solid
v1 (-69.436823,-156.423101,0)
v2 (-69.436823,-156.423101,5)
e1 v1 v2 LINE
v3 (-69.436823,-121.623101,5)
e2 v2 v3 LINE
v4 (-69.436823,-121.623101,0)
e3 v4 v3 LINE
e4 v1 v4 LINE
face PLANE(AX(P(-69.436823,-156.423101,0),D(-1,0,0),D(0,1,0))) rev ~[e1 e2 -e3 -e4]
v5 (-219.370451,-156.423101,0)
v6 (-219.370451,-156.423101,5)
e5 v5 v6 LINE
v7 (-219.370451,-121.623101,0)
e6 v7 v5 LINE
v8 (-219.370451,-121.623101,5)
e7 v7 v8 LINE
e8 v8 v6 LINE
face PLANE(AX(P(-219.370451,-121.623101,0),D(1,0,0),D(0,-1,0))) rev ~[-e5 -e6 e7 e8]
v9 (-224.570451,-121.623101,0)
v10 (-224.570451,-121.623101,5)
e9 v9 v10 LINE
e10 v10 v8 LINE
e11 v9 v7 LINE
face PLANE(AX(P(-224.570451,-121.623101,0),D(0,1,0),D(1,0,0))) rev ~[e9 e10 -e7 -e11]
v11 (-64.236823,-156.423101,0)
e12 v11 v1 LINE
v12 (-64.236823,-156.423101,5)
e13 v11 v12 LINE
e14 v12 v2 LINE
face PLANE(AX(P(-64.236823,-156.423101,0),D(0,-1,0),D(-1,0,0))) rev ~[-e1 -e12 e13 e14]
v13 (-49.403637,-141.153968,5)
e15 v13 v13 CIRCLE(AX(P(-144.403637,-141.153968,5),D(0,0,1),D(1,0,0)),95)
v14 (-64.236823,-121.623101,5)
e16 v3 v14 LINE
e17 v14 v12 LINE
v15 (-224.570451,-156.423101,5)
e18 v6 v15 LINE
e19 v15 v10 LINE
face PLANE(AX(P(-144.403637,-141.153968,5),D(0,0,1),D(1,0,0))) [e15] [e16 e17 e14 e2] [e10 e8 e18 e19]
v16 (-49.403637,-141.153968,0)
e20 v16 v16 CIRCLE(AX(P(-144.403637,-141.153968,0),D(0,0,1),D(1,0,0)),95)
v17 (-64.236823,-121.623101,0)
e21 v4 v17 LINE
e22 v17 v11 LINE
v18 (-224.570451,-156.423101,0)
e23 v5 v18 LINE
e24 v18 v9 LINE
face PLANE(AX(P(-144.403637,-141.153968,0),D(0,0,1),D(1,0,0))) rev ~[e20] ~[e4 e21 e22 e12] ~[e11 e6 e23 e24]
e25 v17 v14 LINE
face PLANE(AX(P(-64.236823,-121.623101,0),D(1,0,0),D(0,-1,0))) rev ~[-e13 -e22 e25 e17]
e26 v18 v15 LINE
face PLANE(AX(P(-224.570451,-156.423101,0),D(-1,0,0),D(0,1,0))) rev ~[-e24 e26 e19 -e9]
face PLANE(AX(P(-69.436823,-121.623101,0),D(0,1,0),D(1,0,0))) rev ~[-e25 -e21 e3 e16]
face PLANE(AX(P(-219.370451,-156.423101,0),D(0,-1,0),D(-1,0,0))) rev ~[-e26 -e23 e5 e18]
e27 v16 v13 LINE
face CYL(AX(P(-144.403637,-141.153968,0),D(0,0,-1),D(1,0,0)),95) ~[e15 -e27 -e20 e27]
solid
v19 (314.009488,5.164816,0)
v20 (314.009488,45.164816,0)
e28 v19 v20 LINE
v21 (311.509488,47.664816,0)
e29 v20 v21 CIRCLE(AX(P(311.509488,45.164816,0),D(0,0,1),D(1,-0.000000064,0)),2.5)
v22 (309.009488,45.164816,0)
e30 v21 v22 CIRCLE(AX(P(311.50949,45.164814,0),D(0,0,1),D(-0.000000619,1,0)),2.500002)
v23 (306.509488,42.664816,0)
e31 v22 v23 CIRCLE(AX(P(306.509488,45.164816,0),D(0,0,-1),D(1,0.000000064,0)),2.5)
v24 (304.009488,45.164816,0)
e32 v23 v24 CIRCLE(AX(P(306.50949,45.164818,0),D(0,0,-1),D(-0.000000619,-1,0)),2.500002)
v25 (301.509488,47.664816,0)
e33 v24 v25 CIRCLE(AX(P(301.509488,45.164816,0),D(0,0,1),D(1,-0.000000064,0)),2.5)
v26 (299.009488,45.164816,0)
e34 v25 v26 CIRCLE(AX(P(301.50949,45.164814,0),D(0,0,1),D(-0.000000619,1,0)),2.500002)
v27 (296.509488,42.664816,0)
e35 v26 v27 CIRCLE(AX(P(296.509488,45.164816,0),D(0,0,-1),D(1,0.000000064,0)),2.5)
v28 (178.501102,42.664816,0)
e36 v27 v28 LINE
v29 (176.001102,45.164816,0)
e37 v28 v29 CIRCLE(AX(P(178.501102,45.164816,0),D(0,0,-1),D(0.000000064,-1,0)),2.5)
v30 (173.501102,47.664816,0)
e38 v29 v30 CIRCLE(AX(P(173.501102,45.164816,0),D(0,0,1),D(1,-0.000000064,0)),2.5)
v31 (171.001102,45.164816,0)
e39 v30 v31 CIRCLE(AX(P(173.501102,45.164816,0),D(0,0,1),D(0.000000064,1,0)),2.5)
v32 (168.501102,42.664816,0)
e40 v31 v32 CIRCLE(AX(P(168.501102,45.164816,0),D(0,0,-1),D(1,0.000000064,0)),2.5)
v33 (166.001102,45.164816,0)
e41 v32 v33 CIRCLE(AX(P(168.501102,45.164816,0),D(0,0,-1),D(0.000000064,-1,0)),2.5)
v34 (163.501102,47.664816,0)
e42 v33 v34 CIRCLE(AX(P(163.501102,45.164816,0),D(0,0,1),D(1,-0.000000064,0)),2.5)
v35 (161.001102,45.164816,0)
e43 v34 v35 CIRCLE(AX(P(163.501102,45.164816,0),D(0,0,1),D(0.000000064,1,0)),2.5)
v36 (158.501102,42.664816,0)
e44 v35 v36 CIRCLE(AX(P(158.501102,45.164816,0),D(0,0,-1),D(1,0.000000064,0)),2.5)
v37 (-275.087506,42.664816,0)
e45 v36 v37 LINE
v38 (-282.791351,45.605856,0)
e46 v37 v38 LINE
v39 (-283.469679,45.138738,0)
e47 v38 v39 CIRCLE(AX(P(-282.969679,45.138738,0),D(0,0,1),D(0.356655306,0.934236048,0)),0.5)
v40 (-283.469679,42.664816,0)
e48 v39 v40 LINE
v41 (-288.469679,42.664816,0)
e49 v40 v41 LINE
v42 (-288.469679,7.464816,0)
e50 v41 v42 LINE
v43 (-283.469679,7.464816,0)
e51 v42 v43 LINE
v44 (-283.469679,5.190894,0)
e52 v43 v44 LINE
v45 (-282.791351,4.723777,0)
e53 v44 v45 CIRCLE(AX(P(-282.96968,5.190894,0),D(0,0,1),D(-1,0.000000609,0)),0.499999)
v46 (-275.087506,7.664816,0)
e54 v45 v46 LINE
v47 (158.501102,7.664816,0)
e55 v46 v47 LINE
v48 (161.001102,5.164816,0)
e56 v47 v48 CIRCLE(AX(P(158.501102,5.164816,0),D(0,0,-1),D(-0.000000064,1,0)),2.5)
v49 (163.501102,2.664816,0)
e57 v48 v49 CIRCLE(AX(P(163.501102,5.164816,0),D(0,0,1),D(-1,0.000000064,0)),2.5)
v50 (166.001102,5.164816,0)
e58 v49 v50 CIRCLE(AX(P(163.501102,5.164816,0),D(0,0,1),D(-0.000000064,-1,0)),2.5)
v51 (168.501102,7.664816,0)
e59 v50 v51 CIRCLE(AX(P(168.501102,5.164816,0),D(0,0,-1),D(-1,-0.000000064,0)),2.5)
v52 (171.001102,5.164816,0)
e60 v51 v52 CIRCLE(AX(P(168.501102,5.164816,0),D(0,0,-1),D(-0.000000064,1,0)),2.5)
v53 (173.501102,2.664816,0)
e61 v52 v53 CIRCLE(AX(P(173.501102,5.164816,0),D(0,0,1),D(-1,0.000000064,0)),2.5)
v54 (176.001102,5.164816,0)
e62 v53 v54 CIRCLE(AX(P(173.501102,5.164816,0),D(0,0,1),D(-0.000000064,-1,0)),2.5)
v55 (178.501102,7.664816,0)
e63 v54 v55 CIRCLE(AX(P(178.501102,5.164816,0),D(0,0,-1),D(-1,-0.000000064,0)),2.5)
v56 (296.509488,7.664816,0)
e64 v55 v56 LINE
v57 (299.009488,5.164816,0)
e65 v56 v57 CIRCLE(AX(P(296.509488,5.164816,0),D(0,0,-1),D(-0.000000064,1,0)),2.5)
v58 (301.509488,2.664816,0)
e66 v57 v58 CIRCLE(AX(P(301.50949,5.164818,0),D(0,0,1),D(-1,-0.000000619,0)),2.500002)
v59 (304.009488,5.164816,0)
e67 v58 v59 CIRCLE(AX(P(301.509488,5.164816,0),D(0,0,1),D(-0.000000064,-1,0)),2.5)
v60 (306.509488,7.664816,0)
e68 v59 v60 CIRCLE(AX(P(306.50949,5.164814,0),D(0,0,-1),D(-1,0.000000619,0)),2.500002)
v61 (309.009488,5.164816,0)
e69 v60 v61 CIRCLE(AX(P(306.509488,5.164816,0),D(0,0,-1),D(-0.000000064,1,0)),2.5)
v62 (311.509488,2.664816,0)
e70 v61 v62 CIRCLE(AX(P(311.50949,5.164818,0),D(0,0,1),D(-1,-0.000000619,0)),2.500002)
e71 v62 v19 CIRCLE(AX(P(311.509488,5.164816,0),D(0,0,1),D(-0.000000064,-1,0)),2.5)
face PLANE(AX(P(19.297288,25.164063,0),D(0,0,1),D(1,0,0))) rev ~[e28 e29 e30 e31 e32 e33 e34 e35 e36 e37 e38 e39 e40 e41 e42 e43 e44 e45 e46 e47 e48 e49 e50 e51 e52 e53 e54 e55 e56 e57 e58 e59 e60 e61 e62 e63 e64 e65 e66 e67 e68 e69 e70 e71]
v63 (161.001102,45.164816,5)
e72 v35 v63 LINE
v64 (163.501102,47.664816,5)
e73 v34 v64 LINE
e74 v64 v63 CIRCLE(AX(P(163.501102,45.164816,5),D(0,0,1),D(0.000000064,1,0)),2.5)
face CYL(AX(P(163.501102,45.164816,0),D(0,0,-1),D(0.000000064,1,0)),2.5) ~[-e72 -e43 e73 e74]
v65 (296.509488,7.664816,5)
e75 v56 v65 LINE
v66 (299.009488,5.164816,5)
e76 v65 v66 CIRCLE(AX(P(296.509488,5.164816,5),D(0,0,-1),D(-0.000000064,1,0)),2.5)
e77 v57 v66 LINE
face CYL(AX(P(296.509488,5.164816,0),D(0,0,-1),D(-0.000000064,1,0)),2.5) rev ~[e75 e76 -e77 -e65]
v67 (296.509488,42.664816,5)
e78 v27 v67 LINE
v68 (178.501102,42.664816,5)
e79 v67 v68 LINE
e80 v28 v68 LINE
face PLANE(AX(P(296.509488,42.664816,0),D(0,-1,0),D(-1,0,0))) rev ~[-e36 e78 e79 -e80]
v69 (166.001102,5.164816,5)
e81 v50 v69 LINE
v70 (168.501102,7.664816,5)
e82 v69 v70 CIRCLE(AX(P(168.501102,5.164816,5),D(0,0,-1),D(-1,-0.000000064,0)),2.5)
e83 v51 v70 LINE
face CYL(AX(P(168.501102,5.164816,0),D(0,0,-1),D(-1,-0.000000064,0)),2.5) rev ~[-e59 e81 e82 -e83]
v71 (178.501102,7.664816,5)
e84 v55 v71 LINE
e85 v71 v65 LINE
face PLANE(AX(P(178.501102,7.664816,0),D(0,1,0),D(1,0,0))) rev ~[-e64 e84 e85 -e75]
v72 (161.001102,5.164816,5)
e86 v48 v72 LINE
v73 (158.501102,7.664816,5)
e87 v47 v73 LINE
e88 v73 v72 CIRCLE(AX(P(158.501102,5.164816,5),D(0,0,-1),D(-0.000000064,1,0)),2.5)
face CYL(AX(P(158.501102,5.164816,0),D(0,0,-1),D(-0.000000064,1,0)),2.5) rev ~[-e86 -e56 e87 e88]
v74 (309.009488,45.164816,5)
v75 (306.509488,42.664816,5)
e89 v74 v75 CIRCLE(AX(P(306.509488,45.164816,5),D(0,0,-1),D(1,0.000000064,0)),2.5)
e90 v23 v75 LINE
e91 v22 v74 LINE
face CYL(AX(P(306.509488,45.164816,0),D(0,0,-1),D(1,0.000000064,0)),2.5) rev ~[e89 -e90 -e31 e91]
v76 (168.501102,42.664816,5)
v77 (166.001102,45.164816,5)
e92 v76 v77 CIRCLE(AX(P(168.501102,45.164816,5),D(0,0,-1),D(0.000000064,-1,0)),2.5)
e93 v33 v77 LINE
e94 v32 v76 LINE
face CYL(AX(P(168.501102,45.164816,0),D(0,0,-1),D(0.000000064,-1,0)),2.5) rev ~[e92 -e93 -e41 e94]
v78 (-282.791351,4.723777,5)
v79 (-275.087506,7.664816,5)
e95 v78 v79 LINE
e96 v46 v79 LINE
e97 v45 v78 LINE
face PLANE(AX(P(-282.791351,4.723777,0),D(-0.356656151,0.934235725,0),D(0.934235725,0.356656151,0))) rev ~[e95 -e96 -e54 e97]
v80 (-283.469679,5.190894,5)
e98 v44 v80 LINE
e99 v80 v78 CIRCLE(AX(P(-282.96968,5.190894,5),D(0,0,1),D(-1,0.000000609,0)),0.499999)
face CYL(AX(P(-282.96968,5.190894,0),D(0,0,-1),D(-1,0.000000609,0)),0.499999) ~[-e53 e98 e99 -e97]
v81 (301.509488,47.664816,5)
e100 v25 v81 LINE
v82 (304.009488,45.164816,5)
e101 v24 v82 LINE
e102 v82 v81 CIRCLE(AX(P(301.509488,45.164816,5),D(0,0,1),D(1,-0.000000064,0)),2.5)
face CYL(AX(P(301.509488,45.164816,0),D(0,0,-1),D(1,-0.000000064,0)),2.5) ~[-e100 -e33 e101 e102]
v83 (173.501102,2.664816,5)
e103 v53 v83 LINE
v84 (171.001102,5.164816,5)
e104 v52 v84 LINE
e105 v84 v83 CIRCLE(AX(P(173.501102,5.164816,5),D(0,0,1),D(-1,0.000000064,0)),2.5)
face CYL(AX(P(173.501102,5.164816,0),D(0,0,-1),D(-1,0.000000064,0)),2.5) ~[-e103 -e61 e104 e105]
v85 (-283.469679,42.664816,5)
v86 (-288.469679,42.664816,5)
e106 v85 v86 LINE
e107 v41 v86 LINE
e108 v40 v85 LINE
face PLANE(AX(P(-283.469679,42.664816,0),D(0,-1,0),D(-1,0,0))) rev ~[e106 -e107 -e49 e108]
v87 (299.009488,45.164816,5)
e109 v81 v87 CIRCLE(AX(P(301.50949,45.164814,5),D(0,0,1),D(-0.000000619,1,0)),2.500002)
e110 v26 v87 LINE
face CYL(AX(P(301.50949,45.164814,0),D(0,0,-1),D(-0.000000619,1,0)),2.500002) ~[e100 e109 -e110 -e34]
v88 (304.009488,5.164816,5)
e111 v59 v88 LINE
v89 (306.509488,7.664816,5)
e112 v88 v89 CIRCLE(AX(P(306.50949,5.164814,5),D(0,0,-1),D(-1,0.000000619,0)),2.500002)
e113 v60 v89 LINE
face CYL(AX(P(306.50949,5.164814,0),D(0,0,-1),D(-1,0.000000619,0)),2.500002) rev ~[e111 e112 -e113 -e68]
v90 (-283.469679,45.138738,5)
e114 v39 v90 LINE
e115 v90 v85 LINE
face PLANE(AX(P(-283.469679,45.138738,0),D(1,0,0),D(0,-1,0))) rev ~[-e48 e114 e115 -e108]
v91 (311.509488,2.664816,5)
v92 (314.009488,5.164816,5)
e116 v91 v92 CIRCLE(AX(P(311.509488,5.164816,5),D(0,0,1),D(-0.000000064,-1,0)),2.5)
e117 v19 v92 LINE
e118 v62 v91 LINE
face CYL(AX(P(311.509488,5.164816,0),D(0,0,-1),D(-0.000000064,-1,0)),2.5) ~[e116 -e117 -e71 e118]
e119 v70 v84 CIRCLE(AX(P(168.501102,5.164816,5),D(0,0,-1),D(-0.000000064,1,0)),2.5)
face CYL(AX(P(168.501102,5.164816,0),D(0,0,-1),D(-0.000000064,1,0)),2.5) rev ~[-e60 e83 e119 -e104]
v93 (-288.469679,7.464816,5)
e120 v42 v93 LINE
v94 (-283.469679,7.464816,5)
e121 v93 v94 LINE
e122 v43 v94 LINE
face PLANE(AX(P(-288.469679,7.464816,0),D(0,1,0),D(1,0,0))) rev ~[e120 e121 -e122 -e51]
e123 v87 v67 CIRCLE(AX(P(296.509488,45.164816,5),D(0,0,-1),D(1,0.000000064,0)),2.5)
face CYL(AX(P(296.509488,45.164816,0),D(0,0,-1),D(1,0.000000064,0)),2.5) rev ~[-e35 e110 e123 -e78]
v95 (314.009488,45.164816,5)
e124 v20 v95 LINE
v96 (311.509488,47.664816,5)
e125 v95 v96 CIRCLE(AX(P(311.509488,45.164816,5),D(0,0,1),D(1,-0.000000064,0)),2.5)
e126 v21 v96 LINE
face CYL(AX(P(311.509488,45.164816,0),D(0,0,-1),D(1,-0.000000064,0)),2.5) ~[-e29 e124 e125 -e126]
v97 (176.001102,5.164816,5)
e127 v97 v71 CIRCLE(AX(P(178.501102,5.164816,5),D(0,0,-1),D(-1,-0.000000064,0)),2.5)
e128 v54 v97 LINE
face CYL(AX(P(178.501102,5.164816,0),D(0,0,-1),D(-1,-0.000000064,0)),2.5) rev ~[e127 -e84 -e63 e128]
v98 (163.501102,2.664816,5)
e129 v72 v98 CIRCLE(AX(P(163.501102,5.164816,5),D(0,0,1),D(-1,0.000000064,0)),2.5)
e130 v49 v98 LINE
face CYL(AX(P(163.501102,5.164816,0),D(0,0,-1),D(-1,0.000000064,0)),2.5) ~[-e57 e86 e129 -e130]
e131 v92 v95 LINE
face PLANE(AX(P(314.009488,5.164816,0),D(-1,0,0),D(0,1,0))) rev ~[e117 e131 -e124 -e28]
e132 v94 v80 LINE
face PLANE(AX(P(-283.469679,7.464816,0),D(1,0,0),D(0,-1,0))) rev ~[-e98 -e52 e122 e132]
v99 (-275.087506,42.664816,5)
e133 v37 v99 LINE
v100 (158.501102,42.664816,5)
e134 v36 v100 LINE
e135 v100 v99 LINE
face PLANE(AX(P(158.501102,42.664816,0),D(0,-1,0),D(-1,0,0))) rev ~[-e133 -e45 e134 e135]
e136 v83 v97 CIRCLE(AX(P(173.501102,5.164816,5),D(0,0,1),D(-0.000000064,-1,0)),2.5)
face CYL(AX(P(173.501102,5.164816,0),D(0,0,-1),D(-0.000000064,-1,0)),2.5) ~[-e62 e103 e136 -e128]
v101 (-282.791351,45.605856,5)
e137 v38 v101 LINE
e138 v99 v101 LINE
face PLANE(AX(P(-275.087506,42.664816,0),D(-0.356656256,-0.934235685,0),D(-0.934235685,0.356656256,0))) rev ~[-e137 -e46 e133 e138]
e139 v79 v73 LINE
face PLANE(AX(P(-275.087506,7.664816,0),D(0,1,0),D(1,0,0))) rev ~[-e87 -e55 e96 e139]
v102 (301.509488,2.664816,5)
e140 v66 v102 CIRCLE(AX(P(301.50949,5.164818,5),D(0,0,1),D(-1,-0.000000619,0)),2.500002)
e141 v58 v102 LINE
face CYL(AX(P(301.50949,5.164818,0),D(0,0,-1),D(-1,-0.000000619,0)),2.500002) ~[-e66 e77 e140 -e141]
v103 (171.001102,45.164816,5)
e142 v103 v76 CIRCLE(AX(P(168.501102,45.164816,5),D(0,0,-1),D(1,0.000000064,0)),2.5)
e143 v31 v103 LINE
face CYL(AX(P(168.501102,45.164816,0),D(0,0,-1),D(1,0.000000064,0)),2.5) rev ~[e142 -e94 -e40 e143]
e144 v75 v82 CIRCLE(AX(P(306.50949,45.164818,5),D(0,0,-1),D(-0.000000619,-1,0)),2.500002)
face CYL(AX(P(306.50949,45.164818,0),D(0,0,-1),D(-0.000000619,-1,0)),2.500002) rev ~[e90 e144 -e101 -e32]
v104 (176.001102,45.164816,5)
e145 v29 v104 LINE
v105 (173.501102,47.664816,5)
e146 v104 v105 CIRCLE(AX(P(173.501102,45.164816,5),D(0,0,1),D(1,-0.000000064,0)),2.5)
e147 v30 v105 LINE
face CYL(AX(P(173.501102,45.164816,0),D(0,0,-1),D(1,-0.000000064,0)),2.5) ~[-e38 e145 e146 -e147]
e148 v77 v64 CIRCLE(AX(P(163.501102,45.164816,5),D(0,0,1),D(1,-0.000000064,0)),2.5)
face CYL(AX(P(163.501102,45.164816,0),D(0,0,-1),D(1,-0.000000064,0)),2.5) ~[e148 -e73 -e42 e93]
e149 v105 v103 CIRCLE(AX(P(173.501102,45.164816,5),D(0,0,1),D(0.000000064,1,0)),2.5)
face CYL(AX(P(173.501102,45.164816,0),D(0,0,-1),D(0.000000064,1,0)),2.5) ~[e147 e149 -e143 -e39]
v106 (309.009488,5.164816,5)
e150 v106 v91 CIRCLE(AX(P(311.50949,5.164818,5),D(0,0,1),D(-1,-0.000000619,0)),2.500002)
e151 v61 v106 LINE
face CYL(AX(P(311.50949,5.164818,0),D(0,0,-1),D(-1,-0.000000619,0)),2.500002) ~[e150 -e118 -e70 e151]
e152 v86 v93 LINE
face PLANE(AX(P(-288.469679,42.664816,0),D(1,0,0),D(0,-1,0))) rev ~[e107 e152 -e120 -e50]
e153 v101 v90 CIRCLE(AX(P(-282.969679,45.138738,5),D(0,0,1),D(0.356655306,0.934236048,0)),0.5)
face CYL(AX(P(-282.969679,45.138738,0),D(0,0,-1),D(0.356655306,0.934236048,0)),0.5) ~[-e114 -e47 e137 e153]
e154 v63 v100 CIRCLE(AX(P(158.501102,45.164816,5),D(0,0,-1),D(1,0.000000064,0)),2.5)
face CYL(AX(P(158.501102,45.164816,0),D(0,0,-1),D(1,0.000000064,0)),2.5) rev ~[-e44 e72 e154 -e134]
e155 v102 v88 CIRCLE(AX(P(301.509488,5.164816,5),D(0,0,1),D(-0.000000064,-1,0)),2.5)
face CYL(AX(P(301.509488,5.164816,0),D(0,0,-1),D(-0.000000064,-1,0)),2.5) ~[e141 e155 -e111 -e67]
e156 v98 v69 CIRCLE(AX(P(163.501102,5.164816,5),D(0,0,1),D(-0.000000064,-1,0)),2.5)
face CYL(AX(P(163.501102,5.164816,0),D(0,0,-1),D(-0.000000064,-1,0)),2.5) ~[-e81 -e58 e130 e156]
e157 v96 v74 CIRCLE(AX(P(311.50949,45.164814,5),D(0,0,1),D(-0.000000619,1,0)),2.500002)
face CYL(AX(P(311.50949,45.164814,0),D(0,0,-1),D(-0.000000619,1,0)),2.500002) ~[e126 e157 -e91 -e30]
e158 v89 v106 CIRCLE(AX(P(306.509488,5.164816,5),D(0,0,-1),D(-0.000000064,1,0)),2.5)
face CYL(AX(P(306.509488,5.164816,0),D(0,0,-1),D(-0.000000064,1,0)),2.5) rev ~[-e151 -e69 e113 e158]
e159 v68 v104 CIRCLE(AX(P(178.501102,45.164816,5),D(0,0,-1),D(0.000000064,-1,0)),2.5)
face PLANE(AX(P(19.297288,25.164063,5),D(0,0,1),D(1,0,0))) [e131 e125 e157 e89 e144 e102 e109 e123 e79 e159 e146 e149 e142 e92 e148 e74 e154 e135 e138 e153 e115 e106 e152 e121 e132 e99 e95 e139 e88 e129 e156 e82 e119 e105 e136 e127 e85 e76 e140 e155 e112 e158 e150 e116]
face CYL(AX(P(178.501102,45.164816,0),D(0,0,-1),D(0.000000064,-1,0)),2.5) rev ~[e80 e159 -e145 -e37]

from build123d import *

# Parameters (mm, degrees)
F0_R     = 95
F1_DEPTH = 5


with BuildPart() as f1:
    # F0 (on Top) → F1 (new body)
    with BuildSketch(Plane.XY):
        with Locations((-144.403637, -141.153968)):
            Circle(F0_R)
        Polygon((-219.370451, -121.623101), (-219.370451, -138.923101), (-219.370451, -143.384835), (-219.370451, -156.423101), (-224.570451, -156.423101), (-224.570451, -121.623101), align=None, mode=Mode.SUBTRACT)
        Polygon((-64.236823, -121.623101), (-64.236823, -156.423101), (-69.436823, -156.423101), (-69.436823, -143.384835), (-69.436823, -138.923101), (-69.436823, -121.623101), align=None, mode=Mode.SUBTRACT)
        with BuildLine():
            Line((314.009488, 25.164816), (314.009488, 42.664816))
            Line((314.009488, 42.664816), (314.009488, 45.164816))
            ThreePointArc((314.009488, 45.164816), (313.277255, 46.932583), (311.509488, 47.664816))
            ThreePointArc((311.509488, 47.664816), (309.741722, 46.932583), (309.009488, 45.164816))
            ThreePointArc((309.009488, 45.164816), (308.277255, 43.397049), (306.509488, 42.664816))
            ThreePointArc((306.509488, 42.664816), (304.741722, 43.397049), (304.009488, 45.164816))
            ThreePointArc((304.009488, 45.164816), (303.277255, 46.932583), (301.509488, 47.664816))
            ThreePointArc((301.509488, 47.664816), (299.741722, 46.932583), (299.009488, 45.164816))
            ThreePointArc((299.009488, 45.164816), (298.277255, 43.397049), (296.509488, 42.664816))
            Line((296.509488, 42.664816), (178.501102, 42.664816))
            ThreePointArc((178.501102, 42.664816), (176.733335, 43.397049), (176.001102, 45.164816))
            ThreePointArc((176.001102, 45.164816), (175.268869, 46.932583), (173.501102, 47.664816))
            ThreePointArc((173.501102, 47.664816), (171.733335, 46.932583), (171.001102, 45.164816))
            ThreePointArc((171.001102, 45.164816), (170.268869, 43.397049), (168.501102, 42.664816))
            ThreePointArc((168.501102, 42.664816), (166.733335, 43.397049), (166.001102, 45.164816))
            ThreePointArc((166.001102, 45.164816), (165.268869, 46.932583), (163.501102, 47.664816))
            ThreePointArc((163.501102, 47.664816), (161.733335, 46.932583), (161.001102, 45.164816))
            ThreePointArc((161.001102, 45.164816), (160.268869, 43.397049), (158.501102, 42.664816))
            Line((158.501102, 42.664816), (-275.087506, 42.664816))
            Line((-275.087506, 42.664816), (-282.791351, 45.605856))
            ThreePointArc((-282.791351, 45.605856), (-283.25326, 45.550541), (-283.469679, 45.138738))
            Line((-283.469679, 45.138738), (-283.469679, 42.864816))
            Line((-283.469679, 42.864816), (-283.469679, 42.664816))
            Line((-283.469679, 42.664816), (-288.469679, 42.664816))
            Line((-288.469679, 42.664816), (-288.469679, 7.464816))
            Line((-288.469679, 7.464816), (-283.469679, 7.464816))
            Line((-283.469679, 7.464816), (-283.469679, 5.190894))
            ThreePointArc((-283.469679, 5.190894), (-283.25326, 4.779091), (-282.791351, 4.723777))
            Line((-282.791351, 4.723777), (-275.087506, 7.664816))
            Line((-275.087506, 7.664816), (158.501102, 7.664816))
            ThreePointArc((158.501102, 7.664816), (160.268869, 6.932583), (161.001102, 5.164816))
            ThreePointArc((161.001102, 5.164816), (161.733335, 3.397049), (163.501102, 2.664816))
            ThreePointArc((163.501102, 2.664816), (165.268869, 3.397049), (166.001102, 5.164816))
            ThreePointArc((166.001102, 5.164816), (166.733335, 6.932583), (168.501102, 7.664816))
            ThreePointArc((168.501102, 7.664816), (170.268869, 6.932583), (171.001102, 5.164816))
            ThreePointArc((171.001102, 5.164816), (171.733335, 3.397049), (173.501102, 2.664816))
            ThreePointArc((173.501102, 2.664816), (175.268869, 3.397049), (176.001102, 5.164816))
            ThreePointArc((176.001102, 5.164816), (176.733335, 6.932583), (178.501102, 7.664816))
            Line((178.501102, 7.664816), (296.509488, 7.664816))
            ThreePointArc((296.509488, 7.664816), (298.277255, 6.932583), (299.009488, 5.164816))
            ThreePointArc((299.009488, 5.164816), (299.741722, 3.397049), (301.509488, 2.664816))
            ThreePointArc((301.509488, 2.664816), (303.277255, 3.397049), (304.009488, 5.164816))
            ThreePointArc((304.009488, 5.164816), (304.741722, 6.932583), (306.509488, 7.664816))
            ThreePointArc((306.509488, 7.664816), (308.277255, 6.932583), (309.009488, 5.164816))
            ThreePointArc((309.009488, 5.164816), (309.741722, 3.397049), (311.509488, 2.664816))
            ThreePointArc((311.509488, 2.664816), (313.277255, 3.397049), (314.009488, 5.164816))
            Line((314.009488, 5.164816), (314.009488, 7.664816))
            Line((314.009488, 7.664816), (314.009488, 25.164816))
        make_face()
    extrude(amount=F1_DEPTH)


solid = f1.part
